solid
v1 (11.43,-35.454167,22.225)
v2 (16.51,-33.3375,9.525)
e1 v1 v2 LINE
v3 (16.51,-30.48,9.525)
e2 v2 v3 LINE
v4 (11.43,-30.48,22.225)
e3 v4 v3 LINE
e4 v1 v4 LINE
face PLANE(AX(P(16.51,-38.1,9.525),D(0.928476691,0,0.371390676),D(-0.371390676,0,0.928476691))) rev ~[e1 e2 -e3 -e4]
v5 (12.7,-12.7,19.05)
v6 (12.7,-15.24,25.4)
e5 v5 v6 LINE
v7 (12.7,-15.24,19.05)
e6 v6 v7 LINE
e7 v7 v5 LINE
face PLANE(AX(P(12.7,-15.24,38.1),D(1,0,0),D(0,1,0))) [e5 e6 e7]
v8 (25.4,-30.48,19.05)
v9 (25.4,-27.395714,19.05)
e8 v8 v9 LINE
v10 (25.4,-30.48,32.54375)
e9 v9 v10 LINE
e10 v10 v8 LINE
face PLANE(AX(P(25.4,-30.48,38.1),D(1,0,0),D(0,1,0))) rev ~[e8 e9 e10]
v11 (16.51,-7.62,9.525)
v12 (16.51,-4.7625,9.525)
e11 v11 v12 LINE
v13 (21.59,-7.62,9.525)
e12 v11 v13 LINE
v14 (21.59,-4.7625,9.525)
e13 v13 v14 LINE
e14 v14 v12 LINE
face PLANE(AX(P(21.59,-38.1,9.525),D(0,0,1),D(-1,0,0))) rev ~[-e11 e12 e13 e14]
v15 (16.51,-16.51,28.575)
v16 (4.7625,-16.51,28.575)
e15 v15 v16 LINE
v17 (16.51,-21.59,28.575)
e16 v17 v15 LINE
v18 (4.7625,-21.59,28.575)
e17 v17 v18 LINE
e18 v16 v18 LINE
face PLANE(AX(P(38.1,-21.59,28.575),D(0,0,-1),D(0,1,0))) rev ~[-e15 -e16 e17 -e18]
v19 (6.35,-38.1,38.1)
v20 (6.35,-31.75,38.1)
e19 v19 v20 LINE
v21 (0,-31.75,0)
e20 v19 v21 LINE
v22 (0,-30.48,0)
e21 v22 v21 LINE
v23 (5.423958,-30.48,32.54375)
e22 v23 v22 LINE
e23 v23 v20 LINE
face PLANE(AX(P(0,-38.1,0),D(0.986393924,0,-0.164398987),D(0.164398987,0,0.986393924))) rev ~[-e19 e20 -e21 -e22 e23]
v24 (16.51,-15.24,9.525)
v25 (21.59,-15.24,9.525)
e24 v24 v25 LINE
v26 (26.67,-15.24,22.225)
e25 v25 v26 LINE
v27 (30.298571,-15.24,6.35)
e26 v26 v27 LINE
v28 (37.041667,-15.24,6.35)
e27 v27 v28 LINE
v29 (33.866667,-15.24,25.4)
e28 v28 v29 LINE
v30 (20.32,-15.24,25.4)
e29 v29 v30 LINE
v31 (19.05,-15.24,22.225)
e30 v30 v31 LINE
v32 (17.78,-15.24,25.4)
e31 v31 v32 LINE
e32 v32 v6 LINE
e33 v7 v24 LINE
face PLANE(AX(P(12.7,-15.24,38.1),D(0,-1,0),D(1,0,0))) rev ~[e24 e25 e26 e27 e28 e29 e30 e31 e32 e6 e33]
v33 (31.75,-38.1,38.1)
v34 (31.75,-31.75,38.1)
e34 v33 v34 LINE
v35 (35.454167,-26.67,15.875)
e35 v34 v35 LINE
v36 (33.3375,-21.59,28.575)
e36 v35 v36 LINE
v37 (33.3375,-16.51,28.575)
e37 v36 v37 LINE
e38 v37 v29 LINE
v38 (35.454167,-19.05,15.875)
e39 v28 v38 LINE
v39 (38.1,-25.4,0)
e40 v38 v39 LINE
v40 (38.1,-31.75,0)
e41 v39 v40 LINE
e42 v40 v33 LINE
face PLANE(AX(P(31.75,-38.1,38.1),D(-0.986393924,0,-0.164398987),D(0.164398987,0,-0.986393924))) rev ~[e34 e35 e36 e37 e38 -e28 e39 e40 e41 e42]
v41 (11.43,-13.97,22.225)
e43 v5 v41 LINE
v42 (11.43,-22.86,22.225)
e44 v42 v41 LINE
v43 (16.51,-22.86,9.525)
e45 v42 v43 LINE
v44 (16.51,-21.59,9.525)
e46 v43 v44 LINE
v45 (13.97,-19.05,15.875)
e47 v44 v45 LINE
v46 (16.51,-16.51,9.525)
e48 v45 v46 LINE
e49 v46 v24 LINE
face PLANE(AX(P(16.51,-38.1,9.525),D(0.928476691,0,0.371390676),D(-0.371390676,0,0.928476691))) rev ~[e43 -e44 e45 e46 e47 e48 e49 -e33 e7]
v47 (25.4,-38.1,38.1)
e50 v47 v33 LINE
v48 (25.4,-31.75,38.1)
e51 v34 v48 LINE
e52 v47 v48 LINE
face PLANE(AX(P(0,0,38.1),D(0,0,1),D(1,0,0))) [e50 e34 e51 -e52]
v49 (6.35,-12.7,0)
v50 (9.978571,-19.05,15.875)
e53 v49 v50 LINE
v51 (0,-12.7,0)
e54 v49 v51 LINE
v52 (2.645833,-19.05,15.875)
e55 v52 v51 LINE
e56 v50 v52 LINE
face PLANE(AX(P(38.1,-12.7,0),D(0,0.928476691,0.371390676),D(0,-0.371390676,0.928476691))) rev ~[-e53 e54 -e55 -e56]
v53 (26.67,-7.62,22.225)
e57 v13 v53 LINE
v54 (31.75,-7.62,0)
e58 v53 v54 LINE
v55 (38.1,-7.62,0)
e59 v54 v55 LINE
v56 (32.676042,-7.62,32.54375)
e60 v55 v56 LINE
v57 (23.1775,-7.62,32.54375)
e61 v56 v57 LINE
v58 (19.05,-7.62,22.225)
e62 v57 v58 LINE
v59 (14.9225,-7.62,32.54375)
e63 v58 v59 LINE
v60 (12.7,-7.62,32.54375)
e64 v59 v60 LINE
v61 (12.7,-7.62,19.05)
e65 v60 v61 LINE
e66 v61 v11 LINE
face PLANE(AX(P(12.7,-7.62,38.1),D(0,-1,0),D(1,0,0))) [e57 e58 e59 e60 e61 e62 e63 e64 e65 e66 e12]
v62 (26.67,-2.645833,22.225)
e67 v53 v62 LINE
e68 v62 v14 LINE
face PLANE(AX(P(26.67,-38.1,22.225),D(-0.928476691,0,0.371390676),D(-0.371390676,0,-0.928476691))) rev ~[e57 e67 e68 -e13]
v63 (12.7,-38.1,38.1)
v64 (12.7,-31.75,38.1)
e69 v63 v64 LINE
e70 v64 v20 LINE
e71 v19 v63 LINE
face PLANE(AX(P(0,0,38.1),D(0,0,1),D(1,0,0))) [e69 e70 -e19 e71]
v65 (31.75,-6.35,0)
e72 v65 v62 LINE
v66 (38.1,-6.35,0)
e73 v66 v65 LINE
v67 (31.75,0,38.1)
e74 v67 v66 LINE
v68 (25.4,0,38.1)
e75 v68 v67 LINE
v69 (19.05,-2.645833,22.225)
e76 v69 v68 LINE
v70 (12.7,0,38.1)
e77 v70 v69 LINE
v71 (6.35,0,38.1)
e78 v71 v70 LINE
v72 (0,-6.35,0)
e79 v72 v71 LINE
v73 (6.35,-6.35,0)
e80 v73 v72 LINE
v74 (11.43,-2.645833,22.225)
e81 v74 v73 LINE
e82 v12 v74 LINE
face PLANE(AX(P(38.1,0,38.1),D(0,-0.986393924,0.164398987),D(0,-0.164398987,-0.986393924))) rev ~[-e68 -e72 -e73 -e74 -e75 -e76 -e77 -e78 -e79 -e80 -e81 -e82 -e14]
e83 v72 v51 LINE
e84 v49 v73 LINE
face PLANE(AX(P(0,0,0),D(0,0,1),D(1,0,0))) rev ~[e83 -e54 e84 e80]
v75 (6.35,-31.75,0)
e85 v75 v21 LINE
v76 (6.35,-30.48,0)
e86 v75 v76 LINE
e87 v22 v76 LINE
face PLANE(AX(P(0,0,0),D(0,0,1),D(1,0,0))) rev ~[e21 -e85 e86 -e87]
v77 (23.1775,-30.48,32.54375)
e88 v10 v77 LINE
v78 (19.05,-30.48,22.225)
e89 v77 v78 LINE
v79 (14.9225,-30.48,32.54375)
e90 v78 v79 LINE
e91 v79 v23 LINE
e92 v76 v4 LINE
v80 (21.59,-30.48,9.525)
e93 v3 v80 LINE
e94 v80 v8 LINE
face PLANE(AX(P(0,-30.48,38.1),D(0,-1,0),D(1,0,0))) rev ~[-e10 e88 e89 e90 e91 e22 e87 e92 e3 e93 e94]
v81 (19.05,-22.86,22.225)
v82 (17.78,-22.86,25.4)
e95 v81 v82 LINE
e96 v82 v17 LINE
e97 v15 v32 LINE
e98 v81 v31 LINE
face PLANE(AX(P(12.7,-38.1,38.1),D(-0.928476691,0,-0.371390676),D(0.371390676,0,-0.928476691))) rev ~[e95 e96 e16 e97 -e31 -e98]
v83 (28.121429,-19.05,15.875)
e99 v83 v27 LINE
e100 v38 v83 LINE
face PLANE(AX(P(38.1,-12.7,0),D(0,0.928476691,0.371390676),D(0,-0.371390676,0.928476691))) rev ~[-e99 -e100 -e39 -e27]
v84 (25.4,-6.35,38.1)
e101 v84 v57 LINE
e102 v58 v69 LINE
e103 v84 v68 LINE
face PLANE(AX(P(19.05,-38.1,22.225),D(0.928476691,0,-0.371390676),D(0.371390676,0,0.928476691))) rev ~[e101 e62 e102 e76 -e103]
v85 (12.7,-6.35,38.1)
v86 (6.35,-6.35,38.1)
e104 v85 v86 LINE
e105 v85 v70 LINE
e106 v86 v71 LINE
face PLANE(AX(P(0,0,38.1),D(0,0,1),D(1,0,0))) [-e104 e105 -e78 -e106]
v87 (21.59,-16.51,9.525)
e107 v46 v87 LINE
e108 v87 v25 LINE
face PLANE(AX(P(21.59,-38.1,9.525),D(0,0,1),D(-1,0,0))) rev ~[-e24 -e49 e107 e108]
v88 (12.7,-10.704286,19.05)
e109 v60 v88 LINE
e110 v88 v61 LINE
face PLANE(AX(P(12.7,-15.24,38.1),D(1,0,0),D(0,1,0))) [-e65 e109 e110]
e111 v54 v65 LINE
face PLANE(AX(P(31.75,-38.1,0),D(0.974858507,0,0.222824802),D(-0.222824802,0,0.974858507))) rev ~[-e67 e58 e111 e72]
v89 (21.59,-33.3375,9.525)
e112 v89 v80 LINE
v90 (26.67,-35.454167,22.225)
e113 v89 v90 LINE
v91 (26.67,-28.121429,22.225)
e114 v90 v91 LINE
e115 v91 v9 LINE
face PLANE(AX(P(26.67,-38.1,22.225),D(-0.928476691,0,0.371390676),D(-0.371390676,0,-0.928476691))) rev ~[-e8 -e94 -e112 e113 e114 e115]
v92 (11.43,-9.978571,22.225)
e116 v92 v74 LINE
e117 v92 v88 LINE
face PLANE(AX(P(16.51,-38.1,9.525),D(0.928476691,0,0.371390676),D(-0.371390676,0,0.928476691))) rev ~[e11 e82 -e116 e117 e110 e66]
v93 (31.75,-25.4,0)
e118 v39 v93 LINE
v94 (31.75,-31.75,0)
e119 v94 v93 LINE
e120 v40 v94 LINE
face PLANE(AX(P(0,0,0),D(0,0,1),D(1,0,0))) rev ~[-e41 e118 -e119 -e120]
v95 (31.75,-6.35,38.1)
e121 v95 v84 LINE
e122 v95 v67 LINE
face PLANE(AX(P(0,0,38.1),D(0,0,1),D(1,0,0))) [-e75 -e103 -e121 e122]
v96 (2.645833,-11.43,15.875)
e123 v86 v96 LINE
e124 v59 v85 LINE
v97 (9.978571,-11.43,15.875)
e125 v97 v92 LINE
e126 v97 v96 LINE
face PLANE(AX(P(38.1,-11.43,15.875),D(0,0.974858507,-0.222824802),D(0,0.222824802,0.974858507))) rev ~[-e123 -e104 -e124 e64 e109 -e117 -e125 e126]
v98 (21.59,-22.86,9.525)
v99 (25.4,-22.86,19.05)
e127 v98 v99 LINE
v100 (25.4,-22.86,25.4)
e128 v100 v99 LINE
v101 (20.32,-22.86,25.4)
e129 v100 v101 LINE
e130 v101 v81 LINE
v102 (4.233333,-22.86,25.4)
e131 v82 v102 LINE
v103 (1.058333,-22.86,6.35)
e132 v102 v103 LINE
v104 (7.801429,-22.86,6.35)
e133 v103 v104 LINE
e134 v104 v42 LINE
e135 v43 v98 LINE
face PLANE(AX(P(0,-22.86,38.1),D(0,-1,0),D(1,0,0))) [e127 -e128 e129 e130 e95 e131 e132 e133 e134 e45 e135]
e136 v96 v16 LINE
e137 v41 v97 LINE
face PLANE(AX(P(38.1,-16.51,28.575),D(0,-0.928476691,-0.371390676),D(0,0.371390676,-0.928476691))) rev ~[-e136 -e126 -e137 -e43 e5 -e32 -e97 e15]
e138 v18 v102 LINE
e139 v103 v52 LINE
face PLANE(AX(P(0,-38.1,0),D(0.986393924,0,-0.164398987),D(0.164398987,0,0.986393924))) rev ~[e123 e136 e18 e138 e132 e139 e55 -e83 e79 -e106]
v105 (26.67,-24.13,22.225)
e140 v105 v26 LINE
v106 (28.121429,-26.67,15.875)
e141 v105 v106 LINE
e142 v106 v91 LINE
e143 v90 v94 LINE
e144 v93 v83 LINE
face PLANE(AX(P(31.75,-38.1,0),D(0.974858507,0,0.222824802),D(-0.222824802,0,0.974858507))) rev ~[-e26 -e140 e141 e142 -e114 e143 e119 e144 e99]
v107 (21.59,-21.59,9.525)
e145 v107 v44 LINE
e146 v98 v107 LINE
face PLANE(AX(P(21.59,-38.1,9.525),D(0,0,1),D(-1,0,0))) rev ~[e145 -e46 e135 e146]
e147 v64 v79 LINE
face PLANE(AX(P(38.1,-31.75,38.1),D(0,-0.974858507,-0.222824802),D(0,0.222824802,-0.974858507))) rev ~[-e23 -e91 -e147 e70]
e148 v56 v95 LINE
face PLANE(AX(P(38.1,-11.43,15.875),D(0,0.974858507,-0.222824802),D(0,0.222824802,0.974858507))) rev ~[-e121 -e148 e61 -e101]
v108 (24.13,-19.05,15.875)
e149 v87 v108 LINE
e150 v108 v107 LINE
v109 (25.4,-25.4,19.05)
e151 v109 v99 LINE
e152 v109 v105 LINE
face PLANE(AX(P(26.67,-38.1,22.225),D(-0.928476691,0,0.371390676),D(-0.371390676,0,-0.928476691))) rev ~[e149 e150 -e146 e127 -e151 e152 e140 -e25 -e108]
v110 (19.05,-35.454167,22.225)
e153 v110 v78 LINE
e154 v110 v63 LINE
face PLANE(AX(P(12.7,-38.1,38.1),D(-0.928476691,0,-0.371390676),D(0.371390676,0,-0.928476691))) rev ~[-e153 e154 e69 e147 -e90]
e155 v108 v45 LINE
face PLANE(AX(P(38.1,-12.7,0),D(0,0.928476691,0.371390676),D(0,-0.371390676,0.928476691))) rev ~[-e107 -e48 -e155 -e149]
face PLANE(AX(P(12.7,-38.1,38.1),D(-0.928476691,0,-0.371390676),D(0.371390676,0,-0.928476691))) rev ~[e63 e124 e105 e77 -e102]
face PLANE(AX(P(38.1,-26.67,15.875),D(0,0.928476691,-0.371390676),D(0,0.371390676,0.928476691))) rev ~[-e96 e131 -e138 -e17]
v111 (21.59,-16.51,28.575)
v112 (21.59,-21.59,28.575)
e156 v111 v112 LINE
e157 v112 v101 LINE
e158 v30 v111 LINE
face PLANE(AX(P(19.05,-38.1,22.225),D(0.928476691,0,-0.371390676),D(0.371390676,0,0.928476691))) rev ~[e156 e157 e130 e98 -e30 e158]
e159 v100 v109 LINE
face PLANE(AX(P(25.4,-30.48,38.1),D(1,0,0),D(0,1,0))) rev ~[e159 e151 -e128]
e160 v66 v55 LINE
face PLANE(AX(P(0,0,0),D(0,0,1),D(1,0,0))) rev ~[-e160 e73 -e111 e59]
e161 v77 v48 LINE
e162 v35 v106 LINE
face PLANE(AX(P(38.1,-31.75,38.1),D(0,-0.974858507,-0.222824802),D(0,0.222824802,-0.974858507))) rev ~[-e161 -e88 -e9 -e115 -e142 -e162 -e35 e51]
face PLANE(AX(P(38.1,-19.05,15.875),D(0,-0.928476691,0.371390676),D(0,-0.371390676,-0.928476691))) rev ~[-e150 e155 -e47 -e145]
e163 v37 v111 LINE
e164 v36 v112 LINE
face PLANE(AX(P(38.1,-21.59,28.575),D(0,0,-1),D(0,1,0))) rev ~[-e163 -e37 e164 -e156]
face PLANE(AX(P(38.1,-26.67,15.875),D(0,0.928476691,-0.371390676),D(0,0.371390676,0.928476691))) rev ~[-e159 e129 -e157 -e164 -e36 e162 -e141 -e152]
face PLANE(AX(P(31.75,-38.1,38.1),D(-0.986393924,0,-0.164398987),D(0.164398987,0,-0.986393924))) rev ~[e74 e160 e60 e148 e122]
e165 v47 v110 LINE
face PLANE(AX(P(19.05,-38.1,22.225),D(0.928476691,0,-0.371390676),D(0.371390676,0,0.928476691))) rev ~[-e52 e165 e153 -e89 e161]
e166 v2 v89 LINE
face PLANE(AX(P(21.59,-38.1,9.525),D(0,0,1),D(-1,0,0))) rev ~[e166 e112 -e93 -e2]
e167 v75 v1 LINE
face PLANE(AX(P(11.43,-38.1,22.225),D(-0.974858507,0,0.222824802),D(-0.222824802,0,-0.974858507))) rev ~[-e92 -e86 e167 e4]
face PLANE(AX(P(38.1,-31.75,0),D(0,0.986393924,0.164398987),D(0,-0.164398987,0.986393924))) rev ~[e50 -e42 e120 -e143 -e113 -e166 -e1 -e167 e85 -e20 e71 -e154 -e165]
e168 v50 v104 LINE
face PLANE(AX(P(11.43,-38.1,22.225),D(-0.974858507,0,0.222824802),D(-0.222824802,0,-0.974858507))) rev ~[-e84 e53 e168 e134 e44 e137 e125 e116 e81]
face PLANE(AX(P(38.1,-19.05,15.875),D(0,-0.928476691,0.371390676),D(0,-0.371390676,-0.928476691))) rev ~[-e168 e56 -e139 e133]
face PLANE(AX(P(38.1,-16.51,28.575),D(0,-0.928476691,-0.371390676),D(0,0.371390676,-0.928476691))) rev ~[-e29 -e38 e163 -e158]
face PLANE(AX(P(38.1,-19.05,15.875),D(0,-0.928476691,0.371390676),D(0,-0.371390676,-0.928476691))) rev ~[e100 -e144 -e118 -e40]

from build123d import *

# Parameters (mm, degrees)
F0_W      = 38.1
F0_H      = 38.1
F1_DEPTH  = 38.1
F6_DEPTH  = 38.1
F8_DEPTH  = 38.1
F9_W      = 25.4
F9_H      = 7.62
F10_DEPTH = 38.1


with BuildPart() as f1:
    # F0 (on Front) → F1 (new body)
    with BuildSketch(Plane.XZ):
        with Locations((19.05, 19.05)):
            Rectangle(F0_W, F0_H)
    extrude(amount=F1_DEPTH)

    # F5 (on offset) → F6 (cut)
    with BuildSketch(Plane.YZ.offset(38.1)):
        Polygon((-11.43, 15.875), (-6.35, 38.1), (-31.75, 38.1), (-26.67, 15.875), (-21.59, 28.575), (-16.51, 28.575), align=None)
        Polygon((-38.1, 0), (-31.75, 0), (-38.1, 38.1), align=None)
        Polygon((-25.4, 0), (-12.7, 0), (-19.05, 15.875), align=None)
        Polygon((-6.35, 0), (0, 0), (0, 38.1), align=None)
    extrude(amount=-F6_DEPTH, mode=Mode.SUBTRACT)

    # F7 (on offset) → F8 (cut)
    with BuildSketch(Plane.XZ.offset(38.1)):
        Polygon((0, 38.1), (0, 0), (6.35, 38.1), align=None)
        Polygon((25.4, 38.1), (12.7, 38.1), (19.05, 22.225), align=None)
        Polygon((31.75, 38.1), (38.1, 0), (38.1, 38.1), align=None)
        Polygon((11.43, 22.225), (6.35, 0), (31.75, 0), (26.67, 22.225), (21.59, 9.525), (16.51, 9.525), align=None)
    extrude(amount=-F8_DEPTH, mode=Mode.SUBTRACT)

    # F9 (on offset) → F10 (cut)
    with BuildSketch(Plane.XY.offset(38.1)):
        with Locations((25.4, -11.43)):
            Rectangle(F9_W, F9_H)
        with Locations((12.7, -26.67)):
            Rectangle(F9_W, F9_H)
    extrude(amount=-F10_DEPTH, mode=Mode.SUBTRACT)


solid = f1.part
